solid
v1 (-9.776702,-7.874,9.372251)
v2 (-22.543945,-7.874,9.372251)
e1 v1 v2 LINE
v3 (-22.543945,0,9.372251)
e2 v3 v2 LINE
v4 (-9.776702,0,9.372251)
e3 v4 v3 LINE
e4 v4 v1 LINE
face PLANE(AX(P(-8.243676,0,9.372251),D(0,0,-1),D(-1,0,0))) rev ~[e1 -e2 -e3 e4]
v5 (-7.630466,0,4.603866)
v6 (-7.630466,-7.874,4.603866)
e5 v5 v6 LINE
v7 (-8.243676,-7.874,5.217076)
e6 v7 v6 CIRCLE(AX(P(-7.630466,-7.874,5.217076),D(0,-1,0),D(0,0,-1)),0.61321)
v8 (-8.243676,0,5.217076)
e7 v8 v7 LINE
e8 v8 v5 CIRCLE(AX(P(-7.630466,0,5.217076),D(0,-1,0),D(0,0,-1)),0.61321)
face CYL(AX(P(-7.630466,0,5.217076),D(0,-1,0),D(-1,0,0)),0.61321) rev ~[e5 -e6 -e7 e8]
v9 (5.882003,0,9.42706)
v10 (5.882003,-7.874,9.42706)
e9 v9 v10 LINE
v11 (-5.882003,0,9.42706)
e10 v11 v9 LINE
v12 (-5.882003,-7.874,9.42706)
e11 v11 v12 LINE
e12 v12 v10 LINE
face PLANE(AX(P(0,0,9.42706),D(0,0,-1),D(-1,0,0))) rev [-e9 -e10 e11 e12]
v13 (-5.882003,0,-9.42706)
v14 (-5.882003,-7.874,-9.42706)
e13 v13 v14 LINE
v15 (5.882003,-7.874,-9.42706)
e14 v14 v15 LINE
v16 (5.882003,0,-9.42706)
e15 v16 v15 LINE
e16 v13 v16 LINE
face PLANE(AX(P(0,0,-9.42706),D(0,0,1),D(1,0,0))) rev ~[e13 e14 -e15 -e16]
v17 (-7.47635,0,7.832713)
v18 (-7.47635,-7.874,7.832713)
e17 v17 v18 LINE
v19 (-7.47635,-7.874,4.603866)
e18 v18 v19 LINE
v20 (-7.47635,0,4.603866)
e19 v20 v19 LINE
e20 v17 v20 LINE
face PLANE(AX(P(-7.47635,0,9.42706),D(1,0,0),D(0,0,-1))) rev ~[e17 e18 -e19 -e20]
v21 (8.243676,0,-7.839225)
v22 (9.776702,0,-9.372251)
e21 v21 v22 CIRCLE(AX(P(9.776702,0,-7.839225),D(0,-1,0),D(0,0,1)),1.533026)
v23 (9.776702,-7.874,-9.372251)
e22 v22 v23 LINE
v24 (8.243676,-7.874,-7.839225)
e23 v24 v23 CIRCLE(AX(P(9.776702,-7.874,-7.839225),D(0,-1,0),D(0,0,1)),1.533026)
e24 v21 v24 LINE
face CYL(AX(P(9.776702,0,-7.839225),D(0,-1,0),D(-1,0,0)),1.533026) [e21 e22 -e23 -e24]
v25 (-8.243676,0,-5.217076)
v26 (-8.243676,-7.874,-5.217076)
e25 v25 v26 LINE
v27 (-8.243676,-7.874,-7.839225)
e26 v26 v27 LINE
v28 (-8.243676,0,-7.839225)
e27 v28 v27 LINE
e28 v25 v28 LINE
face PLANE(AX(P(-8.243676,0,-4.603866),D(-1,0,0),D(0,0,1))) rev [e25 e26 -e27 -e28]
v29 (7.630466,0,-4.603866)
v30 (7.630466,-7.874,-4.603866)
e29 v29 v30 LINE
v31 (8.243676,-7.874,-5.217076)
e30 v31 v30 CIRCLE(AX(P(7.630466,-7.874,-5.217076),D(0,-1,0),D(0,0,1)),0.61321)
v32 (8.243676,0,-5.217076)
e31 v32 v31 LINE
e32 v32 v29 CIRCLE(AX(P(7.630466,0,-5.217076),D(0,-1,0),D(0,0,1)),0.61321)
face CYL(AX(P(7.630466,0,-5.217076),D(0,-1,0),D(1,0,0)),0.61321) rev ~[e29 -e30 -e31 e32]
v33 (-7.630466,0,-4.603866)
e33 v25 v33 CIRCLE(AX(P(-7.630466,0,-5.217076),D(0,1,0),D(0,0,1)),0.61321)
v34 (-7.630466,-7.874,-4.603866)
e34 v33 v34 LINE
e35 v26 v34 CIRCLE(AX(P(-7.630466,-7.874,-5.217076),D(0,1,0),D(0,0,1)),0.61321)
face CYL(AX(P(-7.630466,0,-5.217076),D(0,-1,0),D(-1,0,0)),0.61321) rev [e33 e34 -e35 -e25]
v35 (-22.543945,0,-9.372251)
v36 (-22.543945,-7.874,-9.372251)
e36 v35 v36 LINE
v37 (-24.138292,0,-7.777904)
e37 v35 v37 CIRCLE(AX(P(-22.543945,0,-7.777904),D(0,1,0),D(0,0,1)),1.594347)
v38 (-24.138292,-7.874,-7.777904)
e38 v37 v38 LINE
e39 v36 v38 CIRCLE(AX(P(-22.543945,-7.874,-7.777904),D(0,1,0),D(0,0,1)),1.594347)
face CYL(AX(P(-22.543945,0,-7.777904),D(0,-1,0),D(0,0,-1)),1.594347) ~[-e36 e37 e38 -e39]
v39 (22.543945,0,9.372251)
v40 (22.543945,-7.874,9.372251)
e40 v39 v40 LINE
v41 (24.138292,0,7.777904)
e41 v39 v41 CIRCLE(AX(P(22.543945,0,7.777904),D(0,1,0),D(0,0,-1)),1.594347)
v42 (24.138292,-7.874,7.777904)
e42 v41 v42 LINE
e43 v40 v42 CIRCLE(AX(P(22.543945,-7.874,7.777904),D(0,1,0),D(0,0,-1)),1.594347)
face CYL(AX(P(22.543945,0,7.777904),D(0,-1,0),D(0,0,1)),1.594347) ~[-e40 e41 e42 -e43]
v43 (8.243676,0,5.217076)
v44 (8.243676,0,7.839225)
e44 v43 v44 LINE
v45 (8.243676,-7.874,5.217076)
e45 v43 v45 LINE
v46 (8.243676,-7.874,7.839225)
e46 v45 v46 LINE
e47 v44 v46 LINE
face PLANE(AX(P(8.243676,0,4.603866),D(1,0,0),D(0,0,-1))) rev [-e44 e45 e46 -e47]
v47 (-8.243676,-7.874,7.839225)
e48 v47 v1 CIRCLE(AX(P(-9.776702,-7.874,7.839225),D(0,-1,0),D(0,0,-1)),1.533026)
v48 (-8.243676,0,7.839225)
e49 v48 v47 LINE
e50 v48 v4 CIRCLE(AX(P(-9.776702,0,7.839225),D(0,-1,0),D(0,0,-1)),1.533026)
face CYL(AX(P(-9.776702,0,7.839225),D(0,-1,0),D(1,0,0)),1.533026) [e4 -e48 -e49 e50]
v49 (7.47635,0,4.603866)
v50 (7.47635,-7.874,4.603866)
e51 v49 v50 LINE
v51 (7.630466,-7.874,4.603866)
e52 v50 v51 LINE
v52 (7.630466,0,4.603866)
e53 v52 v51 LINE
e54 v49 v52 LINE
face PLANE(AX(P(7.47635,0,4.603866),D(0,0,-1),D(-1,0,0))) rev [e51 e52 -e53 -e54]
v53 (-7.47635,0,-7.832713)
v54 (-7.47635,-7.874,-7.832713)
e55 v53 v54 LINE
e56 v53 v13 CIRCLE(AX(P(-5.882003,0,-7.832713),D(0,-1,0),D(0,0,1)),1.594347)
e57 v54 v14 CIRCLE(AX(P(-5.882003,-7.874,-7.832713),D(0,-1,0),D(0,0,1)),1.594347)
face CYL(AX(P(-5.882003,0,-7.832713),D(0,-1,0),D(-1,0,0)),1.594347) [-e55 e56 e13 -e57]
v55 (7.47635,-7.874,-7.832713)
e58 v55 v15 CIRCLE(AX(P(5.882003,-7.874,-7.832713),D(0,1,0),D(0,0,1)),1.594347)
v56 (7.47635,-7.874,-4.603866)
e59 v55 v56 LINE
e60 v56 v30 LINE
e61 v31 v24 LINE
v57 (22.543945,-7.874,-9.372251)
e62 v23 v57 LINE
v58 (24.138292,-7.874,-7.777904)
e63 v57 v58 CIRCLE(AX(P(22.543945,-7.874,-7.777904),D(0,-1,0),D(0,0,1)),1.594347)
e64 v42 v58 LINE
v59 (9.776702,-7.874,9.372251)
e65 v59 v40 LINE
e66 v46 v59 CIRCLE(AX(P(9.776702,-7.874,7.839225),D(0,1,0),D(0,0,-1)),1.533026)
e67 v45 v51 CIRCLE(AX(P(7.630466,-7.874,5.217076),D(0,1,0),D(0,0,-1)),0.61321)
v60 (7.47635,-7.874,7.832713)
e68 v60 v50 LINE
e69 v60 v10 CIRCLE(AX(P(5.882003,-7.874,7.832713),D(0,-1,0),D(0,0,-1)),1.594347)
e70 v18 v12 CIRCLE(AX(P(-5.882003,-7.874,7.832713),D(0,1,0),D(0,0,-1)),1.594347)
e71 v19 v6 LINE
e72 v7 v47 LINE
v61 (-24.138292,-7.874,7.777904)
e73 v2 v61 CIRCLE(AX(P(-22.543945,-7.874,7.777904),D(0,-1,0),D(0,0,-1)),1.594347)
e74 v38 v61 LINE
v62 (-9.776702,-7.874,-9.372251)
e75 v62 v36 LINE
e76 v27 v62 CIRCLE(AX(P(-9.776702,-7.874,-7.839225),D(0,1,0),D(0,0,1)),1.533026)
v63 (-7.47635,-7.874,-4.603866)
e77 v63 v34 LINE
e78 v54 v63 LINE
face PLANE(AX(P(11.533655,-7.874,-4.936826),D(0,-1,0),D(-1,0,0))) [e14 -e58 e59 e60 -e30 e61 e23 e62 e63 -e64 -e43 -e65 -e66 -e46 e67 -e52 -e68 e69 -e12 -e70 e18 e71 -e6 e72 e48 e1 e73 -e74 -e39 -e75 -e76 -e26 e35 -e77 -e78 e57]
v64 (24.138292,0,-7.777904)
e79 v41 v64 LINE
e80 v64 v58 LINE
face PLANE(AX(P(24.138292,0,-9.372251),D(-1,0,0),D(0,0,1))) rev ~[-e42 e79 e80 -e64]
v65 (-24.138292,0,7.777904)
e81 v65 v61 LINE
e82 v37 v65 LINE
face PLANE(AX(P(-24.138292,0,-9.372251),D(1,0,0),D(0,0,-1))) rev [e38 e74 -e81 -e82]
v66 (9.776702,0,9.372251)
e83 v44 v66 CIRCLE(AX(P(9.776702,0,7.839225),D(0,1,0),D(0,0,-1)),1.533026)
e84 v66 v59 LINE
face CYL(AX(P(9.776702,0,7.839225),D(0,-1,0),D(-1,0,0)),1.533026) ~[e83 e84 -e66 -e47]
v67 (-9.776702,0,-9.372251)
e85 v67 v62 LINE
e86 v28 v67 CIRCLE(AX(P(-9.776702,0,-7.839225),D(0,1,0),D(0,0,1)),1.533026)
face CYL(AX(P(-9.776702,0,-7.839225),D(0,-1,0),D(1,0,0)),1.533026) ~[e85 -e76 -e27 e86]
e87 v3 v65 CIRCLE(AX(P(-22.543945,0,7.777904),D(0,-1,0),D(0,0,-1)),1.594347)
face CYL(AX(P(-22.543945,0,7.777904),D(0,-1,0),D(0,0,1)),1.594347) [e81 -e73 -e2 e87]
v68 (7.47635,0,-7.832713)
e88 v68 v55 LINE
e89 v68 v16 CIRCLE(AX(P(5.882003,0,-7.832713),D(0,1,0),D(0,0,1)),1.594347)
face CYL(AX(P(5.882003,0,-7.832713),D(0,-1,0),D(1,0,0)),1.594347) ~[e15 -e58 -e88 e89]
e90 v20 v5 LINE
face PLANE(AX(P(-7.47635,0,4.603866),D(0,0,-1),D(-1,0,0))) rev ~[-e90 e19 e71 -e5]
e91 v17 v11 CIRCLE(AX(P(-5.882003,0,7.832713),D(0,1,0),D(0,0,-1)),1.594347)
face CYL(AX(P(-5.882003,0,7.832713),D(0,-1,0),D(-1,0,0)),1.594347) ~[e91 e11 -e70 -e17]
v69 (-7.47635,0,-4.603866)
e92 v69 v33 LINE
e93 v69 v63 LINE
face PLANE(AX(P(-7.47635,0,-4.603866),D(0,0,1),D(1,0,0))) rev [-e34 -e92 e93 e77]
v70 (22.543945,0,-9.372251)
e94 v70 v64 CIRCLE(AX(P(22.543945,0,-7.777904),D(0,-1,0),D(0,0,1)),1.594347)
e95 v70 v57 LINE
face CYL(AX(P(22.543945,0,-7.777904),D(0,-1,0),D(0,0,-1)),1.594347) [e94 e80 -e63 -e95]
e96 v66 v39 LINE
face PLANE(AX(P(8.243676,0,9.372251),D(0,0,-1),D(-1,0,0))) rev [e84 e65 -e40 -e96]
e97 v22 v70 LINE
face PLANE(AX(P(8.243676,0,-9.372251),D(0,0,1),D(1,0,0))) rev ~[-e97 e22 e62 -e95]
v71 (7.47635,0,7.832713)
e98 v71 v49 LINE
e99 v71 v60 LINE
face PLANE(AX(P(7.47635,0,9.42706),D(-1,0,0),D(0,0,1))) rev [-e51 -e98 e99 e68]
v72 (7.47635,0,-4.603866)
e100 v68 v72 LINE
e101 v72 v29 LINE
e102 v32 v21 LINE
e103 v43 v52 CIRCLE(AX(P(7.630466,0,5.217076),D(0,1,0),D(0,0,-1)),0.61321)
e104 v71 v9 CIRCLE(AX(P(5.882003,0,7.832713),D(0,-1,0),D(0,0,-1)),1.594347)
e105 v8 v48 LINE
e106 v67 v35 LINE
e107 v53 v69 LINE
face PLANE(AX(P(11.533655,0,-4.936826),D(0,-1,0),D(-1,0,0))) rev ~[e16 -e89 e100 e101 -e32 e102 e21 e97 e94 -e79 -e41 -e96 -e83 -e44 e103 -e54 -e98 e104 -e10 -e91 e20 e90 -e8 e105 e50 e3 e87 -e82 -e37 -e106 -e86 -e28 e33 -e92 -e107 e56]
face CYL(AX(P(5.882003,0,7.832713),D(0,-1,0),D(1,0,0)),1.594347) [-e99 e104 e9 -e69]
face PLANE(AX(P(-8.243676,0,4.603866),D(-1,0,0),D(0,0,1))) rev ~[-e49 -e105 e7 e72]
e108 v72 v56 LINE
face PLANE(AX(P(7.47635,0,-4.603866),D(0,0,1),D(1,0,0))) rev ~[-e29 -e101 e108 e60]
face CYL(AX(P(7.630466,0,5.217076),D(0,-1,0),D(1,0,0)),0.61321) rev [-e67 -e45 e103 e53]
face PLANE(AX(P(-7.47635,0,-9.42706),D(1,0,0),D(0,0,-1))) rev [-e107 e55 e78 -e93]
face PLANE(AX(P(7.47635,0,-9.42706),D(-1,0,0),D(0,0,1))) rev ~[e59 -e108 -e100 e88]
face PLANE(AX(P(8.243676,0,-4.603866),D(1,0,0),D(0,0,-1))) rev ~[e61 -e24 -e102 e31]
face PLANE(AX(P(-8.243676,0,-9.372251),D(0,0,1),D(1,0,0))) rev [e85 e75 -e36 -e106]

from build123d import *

# Parameters (mm, degrees)
F1_DEPTH = 7.874
F2_R     = 1.533026
F3_R     = 1.594347
F4_R     = 0.61321


with BuildPart() as f1:
    # F0 (on Front) → F1 (new body)
    with BuildSketch(Plane.XZ):
        Polygon((-7.47635, 9.42706), (-7.47635, 4.603866), (-8.243676, 4.603866), (-8.243676, 9.372251), (-24.138292, 9.372251), (-24.138292, 0), (0, 0), (0, 9.42706), align=None)
    extrude(amount=F1_DEPTH)

    # F2
    f2_edges = [f1.edges().sort_by_distance(p)[0] for p in [
        (-8.243676, -3.937, 9.372251),
    ]]
    fillet(f2_edges, radius=F2_R)

    # F3
    f3_edges = [f1.edges().sort_by_distance(p)[0] for p in [
        (-24.138292, -3.937, 9.372251),
        (-7.47635, -3.937, 9.42706),
    ]]
    fillet(f3_edges, radius=F3_R)

    # F4
    f4_edges = [f1.edges().sort_by_distance(p)[0] for p in [
        (-8.243676, -3.937, 4.603866),
    ]]
    fillet(f4_edges, radius=F4_R)

    # F5: F1 across face


with BuildPart() as f1_1:
    add(f1.part)
    add(f1.part.mirror(Plane(origin=(0, -3.937, 4.71353), x_dir=(0, 1, 0), z_dir=(1, 0, 0))))

    # F6: F1 across face


with BuildPart() as f1_2:
    add(f1_1.part)
    add(f1_1.part.mirror(Plane(origin=(0, -3.937, 0), x_dir=(1, 0, 0), z_dir=(0, 0, -1))))


solid = f1_2.part
